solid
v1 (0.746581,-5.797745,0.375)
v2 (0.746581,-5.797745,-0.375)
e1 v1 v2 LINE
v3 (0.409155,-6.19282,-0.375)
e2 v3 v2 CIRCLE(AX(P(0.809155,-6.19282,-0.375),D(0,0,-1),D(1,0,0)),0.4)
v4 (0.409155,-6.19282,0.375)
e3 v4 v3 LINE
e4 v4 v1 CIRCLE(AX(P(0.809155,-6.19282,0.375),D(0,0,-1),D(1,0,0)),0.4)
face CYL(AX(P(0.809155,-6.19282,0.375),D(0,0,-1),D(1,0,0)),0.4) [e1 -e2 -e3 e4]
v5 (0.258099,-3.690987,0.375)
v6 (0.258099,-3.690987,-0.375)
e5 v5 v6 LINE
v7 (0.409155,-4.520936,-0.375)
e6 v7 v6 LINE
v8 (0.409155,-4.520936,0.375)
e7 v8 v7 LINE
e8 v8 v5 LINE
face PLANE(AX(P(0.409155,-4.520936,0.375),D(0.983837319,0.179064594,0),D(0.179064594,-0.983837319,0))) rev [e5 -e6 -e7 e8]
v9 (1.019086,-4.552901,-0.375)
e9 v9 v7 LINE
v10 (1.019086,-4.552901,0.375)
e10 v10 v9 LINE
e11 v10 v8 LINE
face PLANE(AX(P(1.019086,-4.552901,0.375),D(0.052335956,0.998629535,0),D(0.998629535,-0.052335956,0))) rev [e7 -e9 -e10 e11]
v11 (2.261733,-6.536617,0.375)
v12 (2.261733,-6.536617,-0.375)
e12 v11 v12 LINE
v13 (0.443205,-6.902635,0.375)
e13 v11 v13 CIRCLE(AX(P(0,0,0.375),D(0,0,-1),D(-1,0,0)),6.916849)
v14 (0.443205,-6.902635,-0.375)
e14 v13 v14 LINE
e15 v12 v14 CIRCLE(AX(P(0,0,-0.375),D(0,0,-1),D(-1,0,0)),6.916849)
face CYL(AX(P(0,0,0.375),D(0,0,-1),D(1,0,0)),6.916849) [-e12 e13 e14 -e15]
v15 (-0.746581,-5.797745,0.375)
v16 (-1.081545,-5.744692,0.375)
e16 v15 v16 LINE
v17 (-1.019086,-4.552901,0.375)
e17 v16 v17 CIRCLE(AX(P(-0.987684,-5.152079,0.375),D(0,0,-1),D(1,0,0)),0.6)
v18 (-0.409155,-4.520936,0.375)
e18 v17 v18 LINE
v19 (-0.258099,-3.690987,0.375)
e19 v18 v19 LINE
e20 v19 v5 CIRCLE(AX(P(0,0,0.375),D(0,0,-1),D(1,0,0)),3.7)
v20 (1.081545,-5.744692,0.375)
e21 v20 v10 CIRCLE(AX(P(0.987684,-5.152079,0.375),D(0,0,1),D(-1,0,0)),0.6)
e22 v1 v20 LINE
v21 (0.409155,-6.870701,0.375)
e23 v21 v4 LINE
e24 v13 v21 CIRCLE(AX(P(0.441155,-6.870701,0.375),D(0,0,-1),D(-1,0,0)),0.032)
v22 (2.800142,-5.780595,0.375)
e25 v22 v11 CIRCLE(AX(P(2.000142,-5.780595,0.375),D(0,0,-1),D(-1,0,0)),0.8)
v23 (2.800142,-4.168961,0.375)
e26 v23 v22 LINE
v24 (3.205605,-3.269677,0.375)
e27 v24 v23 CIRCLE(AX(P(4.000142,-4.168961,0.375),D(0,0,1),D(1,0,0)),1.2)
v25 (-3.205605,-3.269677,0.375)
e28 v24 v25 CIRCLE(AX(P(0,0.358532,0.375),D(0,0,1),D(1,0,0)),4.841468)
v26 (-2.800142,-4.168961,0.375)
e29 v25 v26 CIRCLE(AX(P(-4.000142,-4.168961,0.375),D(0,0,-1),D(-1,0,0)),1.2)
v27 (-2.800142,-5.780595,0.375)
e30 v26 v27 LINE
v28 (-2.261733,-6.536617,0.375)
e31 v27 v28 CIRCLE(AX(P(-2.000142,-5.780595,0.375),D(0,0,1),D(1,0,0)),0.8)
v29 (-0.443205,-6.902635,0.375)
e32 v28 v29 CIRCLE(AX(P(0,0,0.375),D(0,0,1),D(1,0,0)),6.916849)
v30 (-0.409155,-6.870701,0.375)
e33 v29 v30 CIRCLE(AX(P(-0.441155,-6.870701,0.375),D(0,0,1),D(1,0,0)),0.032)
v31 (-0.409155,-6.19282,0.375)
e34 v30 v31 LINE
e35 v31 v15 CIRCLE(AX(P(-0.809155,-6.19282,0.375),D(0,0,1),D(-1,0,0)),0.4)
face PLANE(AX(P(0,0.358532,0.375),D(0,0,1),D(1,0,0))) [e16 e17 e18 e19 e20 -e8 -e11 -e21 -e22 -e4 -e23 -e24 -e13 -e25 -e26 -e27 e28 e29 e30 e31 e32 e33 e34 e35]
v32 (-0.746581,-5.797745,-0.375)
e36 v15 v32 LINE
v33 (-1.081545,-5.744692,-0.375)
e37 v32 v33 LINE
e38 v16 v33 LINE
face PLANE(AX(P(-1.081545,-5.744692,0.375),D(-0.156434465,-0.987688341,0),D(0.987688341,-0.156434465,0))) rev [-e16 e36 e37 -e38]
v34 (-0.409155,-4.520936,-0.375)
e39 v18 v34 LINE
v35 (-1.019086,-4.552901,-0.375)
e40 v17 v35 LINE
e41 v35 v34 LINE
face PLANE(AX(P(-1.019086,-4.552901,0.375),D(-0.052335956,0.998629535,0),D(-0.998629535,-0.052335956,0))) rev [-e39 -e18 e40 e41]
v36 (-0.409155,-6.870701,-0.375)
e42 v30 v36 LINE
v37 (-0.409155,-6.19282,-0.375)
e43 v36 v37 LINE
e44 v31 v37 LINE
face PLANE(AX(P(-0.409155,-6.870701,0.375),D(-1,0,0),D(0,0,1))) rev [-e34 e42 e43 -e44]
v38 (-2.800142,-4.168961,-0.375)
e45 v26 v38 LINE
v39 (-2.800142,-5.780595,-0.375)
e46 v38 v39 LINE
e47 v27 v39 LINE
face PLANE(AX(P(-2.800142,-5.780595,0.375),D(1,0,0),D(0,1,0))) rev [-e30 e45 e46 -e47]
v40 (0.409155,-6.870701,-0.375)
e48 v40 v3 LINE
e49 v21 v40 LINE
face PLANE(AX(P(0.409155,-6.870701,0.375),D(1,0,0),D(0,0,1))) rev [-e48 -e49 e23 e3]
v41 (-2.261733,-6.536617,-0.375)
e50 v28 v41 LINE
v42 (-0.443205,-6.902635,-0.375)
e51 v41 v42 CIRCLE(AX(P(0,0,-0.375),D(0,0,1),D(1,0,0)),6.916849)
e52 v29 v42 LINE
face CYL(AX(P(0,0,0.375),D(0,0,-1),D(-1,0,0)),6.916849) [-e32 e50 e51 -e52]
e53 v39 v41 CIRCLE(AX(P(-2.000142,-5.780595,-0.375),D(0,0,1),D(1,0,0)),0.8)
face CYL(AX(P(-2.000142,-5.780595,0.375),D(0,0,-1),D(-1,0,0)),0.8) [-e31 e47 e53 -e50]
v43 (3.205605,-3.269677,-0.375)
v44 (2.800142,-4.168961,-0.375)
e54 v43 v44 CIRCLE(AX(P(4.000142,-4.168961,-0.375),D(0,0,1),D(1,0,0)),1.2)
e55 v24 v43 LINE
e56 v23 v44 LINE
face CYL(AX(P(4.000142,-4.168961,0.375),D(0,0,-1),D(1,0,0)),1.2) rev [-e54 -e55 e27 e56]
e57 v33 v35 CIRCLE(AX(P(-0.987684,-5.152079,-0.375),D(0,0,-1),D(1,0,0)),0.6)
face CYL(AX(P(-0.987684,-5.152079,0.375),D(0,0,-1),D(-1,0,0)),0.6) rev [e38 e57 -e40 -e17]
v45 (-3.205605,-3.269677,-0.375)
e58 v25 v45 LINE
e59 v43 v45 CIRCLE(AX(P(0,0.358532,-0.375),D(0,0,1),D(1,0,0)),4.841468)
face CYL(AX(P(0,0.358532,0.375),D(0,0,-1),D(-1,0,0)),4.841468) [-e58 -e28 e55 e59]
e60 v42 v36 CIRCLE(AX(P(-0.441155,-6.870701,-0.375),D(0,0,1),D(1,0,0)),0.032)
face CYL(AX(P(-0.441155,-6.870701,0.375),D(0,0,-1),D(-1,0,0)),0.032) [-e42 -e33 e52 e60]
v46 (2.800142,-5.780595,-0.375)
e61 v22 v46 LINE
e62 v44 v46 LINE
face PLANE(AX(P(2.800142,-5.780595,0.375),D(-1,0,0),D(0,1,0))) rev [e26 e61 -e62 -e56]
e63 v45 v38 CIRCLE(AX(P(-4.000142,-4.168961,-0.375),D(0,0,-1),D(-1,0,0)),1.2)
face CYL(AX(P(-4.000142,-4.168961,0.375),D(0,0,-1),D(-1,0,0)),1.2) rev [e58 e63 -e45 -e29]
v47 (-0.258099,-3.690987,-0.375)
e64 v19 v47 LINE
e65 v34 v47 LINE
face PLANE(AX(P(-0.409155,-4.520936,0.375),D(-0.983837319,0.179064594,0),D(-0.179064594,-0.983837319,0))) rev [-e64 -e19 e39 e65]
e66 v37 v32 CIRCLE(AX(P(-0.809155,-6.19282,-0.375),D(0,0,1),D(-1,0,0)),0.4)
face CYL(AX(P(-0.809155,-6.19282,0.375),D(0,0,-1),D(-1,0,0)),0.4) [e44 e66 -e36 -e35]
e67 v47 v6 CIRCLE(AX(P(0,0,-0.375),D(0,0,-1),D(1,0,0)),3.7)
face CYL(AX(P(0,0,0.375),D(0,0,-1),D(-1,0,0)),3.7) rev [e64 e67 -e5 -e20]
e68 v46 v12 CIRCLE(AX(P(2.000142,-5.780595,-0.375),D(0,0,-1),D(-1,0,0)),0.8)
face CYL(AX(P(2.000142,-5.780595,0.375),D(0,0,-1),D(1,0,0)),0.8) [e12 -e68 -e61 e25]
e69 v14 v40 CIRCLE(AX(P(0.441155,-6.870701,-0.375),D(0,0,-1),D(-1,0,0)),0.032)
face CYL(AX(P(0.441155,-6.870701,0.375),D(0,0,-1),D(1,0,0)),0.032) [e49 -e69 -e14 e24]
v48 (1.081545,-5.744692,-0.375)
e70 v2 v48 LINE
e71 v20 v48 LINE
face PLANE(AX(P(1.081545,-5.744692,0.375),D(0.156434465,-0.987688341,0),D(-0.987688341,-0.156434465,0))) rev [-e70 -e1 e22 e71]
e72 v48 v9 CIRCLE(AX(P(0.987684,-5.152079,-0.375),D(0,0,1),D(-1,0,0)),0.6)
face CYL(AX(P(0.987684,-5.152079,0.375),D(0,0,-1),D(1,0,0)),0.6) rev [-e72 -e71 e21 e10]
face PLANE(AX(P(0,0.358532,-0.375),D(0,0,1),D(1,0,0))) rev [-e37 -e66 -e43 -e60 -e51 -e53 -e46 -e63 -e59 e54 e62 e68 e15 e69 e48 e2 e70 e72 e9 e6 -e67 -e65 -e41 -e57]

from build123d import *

# Parameters (mm, degrees)
BOSS_EXTRUDE1_DEPTH = 0.375


with BuildPart() as part:
    # Sketch3 → Boss-Extrude1 (new, symmetric)
    with BuildSketch(Plane.XY):
        with BuildLine():
            Line((-2.800142094, -5.780594647), (-2.800142094, -4.16896088))
            ThreePointArc((-2.800142094, -4.16896088), (-2.906194065, -3.675728978), (-3.205604942, -3.269677435))
            ThreePointArc((-3.205604942, -3.269677435), (-4.528005601, 2.072292656), (0, 5.2))
            Line((0, 5.2), (0, 3.7))
            ThreePointArc((0, 3.7), (-3.69774606, 0.129128138), (-0.258098953, -3.690986986))
            Line((-0.258098953, -3.690986986), (-0.409154928, -4.520936126))
            Line((-0.409154928, -4.520936126), (-1.019085782, -4.552901247))
            ThreePointArc((-1.019085782, -4.552901247), (-1.586861929, -5.120677394), (-1.081544887, -5.744691972))
            Line((-1.081544887, -5.744691972), (-0.746581142, -5.797745018))
            ThreePointArc((-0.746581142, -5.797745018), (-0.504992542, -5.933041134), (-0.409154928, -6.192820354))
            Line((-0.409154928, -6.192820354), (-0.409154928, -6.870700795))
            ThreePointArc((-0.409154928, -6.870700795), (-0.419264451, -6.894041896), (-0.443205367, -6.902635035))
            ThreePointArc((-0.443205367, -6.902635035), (-1.364795043, -6.780865425), (-2.261733258, -6.536617175))
            ThreePointArc((-2.261733258, -6.536617175), (-2.651783457, -6.244667416), (-2.800142094, -5.780594647))
        make_face()
    extrude(amount=BOSS_EXTRUDE1_DEPTH, both=True)

    # Mirror1: part across plane


with BuildPart() as part_1:
    add(part.part)
    add(part.part.mirror(Plane(origin=(0, 5.2, 0.375), x_dir=(0, 0, 1), z_dir=(-1, 0, 0))))


solid = part_1.part
